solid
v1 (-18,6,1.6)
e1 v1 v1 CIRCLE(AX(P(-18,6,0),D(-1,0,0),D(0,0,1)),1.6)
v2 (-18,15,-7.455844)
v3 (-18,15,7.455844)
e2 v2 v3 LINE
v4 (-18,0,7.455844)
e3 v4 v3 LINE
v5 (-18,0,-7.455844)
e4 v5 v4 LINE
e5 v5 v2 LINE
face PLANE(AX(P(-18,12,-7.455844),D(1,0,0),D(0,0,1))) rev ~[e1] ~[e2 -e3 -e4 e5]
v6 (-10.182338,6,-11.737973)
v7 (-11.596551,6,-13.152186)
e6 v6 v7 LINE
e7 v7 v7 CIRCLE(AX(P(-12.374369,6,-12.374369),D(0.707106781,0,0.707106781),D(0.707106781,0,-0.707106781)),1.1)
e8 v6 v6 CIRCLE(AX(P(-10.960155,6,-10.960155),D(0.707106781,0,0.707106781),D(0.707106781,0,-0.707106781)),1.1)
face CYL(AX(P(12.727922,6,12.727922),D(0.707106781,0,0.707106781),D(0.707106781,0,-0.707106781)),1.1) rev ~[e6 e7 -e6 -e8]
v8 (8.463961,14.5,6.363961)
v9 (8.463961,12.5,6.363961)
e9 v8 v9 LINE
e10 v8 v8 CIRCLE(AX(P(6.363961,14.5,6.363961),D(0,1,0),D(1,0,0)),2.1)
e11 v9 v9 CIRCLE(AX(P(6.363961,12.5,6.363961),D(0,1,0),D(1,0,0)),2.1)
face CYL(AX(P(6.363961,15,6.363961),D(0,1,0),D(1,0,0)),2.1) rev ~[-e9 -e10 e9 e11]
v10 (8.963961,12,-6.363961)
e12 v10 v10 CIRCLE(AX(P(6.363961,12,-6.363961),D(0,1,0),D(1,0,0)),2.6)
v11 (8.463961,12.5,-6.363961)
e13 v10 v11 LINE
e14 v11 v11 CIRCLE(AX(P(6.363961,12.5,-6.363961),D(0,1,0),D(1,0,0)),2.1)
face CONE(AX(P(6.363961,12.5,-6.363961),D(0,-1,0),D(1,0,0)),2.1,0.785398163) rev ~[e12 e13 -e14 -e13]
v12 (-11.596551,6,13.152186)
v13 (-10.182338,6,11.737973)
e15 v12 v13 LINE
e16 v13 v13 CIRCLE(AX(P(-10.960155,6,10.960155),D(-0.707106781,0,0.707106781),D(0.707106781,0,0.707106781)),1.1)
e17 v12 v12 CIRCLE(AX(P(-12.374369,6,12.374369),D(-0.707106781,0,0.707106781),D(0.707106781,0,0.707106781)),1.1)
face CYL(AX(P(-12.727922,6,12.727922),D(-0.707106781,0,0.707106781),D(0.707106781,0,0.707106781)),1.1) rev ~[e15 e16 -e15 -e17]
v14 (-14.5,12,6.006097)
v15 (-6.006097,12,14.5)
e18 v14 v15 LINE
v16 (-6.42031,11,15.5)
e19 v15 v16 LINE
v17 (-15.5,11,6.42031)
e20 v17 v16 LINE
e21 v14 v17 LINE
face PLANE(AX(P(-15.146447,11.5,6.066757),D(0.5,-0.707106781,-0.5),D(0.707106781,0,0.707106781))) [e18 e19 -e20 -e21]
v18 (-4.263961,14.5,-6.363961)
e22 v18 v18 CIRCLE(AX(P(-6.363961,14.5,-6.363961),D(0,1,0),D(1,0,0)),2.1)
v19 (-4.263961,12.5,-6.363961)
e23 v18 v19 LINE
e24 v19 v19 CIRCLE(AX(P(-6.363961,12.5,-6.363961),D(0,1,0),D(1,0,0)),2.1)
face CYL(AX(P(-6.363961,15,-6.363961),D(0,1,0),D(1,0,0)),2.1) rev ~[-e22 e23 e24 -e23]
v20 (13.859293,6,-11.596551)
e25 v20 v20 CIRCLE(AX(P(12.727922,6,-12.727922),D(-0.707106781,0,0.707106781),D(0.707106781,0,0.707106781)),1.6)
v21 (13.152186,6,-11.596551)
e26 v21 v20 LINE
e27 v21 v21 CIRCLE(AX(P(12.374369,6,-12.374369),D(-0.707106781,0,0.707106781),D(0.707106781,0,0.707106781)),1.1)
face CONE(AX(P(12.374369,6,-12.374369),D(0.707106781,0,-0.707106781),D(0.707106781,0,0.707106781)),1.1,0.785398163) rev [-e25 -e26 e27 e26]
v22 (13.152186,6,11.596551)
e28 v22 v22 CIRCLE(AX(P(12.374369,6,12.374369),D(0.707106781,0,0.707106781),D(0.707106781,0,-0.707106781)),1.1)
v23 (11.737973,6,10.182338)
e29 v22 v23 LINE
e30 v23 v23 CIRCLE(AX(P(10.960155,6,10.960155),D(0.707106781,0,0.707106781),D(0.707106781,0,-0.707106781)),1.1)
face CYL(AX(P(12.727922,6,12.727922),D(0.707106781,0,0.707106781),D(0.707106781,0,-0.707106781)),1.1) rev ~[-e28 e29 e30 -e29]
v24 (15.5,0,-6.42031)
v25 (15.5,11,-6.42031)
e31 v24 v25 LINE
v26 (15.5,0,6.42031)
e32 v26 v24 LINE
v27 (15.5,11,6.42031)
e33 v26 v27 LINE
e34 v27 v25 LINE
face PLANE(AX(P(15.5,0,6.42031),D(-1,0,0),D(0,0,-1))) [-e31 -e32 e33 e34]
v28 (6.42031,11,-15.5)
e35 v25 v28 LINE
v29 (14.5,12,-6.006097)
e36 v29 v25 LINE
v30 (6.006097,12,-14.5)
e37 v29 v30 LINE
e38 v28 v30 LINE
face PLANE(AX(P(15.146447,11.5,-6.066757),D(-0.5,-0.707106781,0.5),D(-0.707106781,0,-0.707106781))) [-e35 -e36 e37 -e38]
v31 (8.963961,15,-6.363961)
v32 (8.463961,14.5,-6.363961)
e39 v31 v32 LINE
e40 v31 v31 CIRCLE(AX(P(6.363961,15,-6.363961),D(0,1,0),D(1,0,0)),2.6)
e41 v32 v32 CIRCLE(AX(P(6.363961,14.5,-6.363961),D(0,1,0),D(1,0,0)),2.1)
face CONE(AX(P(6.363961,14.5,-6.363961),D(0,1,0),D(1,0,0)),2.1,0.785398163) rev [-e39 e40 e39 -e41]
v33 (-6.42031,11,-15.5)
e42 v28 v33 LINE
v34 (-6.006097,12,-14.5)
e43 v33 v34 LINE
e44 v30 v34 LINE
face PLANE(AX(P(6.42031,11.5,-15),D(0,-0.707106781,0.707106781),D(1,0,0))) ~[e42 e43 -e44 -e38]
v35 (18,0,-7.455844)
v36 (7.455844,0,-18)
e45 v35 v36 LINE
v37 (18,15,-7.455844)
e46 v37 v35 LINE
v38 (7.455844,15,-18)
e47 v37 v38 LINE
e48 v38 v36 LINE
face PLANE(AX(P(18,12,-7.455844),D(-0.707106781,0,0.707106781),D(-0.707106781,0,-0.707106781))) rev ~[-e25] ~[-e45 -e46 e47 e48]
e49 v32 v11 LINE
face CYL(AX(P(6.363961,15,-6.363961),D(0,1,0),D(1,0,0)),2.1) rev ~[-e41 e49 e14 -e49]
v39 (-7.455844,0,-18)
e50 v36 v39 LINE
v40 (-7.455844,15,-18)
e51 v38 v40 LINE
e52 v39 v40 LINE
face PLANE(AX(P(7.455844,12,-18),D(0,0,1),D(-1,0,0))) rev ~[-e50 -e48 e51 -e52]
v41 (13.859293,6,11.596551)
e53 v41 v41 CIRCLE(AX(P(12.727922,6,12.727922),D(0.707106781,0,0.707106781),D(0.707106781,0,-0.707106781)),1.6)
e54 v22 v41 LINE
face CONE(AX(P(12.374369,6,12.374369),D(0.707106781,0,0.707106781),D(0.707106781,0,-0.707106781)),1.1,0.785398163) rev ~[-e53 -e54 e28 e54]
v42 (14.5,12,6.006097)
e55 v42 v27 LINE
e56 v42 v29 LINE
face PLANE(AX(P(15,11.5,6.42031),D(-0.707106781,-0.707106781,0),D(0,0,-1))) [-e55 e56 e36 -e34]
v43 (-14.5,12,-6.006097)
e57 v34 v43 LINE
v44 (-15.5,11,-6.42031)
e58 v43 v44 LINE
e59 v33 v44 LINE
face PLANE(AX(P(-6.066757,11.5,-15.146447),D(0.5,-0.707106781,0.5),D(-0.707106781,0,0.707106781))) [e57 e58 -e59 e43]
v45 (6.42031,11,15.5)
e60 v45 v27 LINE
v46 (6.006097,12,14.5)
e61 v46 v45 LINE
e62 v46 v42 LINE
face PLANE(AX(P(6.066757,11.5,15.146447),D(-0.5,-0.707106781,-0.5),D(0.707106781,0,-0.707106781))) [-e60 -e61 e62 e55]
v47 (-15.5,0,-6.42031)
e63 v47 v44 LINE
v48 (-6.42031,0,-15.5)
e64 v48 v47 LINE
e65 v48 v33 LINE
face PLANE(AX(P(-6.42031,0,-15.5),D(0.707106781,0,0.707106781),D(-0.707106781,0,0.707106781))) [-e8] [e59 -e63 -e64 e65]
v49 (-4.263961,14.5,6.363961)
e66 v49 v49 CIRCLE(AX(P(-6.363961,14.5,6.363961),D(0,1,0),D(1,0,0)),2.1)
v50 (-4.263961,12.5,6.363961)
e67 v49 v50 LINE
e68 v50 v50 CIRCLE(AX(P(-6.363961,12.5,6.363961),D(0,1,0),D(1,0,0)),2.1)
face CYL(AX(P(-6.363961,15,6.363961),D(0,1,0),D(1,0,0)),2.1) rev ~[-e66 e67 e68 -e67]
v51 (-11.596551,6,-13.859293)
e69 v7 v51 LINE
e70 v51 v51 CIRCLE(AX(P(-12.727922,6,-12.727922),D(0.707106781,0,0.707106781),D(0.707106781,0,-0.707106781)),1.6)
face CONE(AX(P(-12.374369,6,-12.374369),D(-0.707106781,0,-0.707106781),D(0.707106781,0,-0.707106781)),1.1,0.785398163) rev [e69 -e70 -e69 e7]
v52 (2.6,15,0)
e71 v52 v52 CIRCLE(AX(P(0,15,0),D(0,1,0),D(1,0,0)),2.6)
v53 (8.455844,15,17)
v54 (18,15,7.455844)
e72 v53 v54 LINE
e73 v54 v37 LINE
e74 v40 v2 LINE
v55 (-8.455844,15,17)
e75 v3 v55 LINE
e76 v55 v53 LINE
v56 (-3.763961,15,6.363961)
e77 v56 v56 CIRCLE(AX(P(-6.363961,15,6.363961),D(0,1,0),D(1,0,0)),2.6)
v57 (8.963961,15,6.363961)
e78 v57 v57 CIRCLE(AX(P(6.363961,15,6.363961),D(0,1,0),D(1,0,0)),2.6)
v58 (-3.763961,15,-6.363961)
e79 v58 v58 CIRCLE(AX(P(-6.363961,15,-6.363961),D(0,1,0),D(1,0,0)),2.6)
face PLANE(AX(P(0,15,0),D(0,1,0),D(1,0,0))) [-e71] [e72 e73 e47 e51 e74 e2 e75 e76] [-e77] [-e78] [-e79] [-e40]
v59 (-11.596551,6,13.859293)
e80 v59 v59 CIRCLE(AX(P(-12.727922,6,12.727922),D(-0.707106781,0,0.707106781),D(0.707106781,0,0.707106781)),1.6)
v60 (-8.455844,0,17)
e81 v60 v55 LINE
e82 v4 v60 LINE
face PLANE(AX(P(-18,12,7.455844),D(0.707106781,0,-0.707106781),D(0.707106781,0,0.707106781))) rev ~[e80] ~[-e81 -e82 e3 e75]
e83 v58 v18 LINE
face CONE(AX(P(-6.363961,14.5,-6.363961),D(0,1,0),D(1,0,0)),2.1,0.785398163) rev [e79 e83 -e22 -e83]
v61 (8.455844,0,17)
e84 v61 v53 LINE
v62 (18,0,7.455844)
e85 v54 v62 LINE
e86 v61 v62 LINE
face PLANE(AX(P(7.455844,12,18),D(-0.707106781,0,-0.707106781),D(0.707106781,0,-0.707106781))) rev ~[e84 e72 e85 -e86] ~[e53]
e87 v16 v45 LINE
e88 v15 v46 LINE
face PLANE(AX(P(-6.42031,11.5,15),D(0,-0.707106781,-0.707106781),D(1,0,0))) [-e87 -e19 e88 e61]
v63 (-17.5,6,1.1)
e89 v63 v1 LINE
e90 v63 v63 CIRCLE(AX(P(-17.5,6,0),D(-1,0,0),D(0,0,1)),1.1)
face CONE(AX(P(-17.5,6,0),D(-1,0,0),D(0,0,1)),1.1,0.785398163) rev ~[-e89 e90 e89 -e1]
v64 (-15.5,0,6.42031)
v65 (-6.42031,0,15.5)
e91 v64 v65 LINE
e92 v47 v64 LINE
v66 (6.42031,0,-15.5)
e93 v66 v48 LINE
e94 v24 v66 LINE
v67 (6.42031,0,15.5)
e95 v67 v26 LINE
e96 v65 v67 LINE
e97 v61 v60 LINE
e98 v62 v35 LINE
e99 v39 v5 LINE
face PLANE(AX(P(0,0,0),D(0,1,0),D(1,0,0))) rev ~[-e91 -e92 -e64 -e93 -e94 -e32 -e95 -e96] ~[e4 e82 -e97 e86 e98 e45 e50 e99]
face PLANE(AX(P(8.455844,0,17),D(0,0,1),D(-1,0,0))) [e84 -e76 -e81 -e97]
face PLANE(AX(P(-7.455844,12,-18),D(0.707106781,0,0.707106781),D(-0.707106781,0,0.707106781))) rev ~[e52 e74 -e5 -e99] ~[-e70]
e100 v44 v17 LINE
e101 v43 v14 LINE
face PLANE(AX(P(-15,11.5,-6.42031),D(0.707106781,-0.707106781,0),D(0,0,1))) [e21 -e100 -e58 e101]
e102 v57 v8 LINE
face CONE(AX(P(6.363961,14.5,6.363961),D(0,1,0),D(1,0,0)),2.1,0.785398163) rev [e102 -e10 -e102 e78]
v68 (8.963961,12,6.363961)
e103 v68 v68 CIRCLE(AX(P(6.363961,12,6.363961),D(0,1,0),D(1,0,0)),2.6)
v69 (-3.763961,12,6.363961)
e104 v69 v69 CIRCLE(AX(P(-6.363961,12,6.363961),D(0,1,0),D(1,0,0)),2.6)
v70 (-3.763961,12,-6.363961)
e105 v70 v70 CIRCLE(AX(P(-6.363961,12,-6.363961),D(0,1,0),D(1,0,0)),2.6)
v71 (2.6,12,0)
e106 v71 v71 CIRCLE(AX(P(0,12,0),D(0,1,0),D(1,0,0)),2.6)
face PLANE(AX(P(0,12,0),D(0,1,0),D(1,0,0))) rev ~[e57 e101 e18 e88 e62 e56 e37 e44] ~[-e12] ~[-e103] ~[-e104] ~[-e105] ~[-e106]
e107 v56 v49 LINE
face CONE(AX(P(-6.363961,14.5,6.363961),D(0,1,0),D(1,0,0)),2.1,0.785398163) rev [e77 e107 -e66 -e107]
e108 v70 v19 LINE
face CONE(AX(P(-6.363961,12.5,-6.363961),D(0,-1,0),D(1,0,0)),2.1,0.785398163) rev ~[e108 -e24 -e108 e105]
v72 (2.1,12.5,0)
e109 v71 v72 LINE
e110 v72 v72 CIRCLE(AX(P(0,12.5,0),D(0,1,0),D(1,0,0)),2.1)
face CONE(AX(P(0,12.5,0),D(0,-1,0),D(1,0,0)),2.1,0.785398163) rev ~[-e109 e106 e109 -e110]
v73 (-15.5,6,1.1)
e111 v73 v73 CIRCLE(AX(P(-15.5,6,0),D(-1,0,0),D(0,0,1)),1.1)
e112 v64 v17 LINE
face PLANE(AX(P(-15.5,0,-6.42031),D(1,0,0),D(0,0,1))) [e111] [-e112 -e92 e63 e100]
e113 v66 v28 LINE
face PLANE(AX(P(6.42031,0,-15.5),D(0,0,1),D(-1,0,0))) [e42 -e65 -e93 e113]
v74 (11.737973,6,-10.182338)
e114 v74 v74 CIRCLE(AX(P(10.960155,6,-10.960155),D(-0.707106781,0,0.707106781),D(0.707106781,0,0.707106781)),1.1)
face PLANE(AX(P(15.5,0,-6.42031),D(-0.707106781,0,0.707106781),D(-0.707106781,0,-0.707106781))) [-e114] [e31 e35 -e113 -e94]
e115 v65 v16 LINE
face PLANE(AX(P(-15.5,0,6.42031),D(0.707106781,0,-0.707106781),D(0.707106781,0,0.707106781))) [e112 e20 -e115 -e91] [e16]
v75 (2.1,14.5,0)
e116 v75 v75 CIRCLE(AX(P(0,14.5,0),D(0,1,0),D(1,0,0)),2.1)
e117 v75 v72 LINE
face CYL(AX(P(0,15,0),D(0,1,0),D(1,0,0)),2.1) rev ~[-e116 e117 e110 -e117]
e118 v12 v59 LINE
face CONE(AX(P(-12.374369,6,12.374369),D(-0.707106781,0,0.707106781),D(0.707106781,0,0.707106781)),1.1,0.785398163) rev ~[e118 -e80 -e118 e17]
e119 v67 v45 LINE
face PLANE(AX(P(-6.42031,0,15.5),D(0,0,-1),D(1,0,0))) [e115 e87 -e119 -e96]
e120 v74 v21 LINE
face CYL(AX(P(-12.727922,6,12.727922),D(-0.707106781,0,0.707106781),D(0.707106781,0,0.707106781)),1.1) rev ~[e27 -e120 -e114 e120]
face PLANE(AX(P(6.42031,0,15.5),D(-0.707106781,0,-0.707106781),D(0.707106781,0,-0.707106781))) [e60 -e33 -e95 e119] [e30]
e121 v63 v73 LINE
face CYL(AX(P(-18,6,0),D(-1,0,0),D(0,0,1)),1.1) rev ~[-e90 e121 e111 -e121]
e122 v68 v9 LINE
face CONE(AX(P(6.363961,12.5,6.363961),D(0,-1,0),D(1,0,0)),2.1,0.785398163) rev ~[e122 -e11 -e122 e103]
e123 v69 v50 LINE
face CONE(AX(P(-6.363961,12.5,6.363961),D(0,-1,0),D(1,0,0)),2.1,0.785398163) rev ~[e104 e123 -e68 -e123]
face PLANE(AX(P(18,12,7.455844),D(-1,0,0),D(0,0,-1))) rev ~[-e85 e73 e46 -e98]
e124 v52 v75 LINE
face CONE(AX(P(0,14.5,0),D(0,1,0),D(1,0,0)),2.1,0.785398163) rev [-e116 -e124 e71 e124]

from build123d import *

# Parameters (mm, degrees)
EXTRUDE_1_DEPTH     = 12
EXTRUDE_2_DEPTH     = 3
CHAMFER_1_SIZE      = 1
SKETCH_3_R          = 2.1
CUT_EXTRUDE_1_DEPTH = 16
CHAMFER_3_SIZE      = 0.5
SKETCH_4_R          = 1.1
CUT_EXTRUDE_2_DEPTH = 44.455844123
SKETCH_5_R          = 1.1
CUT_EXTRUDE_3_DEPTH = 44.455844123
SKETCH_6_R          = 1.1
CUT_EXTRUDE_4_DEPTH = 2.5
CHAMFER_4_SIZE      = 0.5
CHAMFER_5_SIZE      = 0.5
CUT_EXTRUDE_5_DEPTH = 16


with BuildPart() as part:
    # Эскиз1 → Бобышка-Вытянуть1 (new body)
    with BuildSketch(Plane(origin=(0, 0, 0), x_dir=(1, 0, 0), z_dir=(0, 1, 0))):
        Polygon((-7.455844123, 18), (-18, 7.455844123), (-18, -7.455844123), (-7.455844123, -18), (7.455844123, -18), (18, -7.455844123), (18, 7.455844123), (7.455844123, 18), align=None)
        Polygon((-6.420310217, 15.5), (-15.5, 6.420310217), (-15.5, -6.420310217), (-6.420310217, -15.5), (6.420310217, -15.5), (15.5, -6.420310217), (15.5, 6.420310217), (6.420310217, 15.5), align=None, mode=Mode.SUBTRACT)
    extrude(amount=EXTRUDE_1_DEPTH)

    # Эскиз2 → Бобышка-Вытянуть2 (add)
    with BuildSketch(Plane(origin=(0, 12, 0), x_dir=(1, 0, 0), z_dir=(0, 1, 0))):
        Polygon((7.455844123, 18), (-7.455844123, 18), (-18, 7.455844123), (-18, -7.455844123), (-7.455844123, -18), (7.455844123, -18), (18, -7.455844123), (18, 7.455844123), align=None)
    extrude(amount=EXTRUDE_2_DEPTH)

    # Фаска1
    chamfer_1_edges = [part.edges().sort_by_distance(p)[0] for p in [
        (0, 12, -15.5),
        (-10.960155108, 12, -10.960155108),
        (-15.5, 12, 0),
        (-10.960155108, 12, 10.960155108),
        (0, 12, 15.5),
        (10.960155108, 12, 10.960155108),
        (15.5, 12, 0),
        (10.960155108, 12, -10.960155108),
    ]]
    chamfer(chamfer_1_edges, length=CHAMFER_1_SIZE)

    # Эскиз3 → Вырез-Вытянуть1 (cut, through all)
    with BuildSketch(Plane(origin=(0, 15, 0), x_dir=(1, 0, 0), z_dir=(0, 1, 0))):
        Circle(SKETCH_3_R)
        with Locations((-6.363961031, 6.363961031)):
            Circle(SKETCH_3_R)
        with Locations((6.363961031, 6.363961031)):
            Circle(SKETCH_3_R)
        with Locations((6.363961031, -6.363961031)):
            Circle(SKETCH_3_R)
        with Locations((-6.363961031, -6.363961031)):
            Circle(SKETCH_3_R)
    extrude(amount=-CUT_EXTRUDE_1_DEPTH, mode=Mode.SUBTRACT)

    # Фаска3
    chamfer_3_edges = [part.edges().sort_by_distance(p)[0] for p in [
        (-2.1, 12, 0),
        (-8.463961031, 12, -6.363961031),
        (4.263961031, 12, -6.363961031),
        (4.263961031, 12, 6.363961031),
        (-8.463961031, 12, 6.363961031),
    ]]
    chamfer(chamfer_3_edges, length=CHAMFER_3_SIZE)

    # Эскиз4 → Вырез-Вытянуть2 (cut, through all)
    with BuildSketch(Plane(origin=(-12.727922061, 0, 12.727922061), x_dir=(0.707106781, 0, 0.707106781), z_dir=(-0.707106781, 0, 0.707106781))):
        with Locations((0, 6)):
            Circle(SKETCH_4_R)
    extrude(amount=-CUT_EXTRUDE_2_DEPTH, mode=Mode.SUBTRACT)

    # Эскиз5 → Вырез-Вытянуть3 (cut, through all)
    with BuildSketch(Plane(origin=(12.727922061, 0, 12.727922061), x_dir=(0.707106781, 0, -0.707106781), z_dir=(0.707106781, 0, 0.707106781))):
        with Locations((0, 6)):
            Circle(SKETCH_5_R)
    extrude(amount=-CUT_EXTRUDE_3_DEPTH, mode=Mode.SUBTRACT)

    # Эскиз6 → Вырез-Вытянуть4 (cut)
    with BuildSketch(Plane.ZY.offset(18)):
        with Locations((0, 6)):
            Circle(SKETCH_6_R)
    extrude(amount=-CUT_EXTRUDE_4_DEPTH, mode=Mode.SUBTRACT)

    # Фаска4
    chamfer_4_edges = [part.edges().sort_by_distance(p)[0] for p in [
        (11.950104602, 6, -13.505739521),
        (-13.505739521, 6, 11.950104602),
        (-13.505739521, 6, -11.950104602),
        (11.950104602, 6, 13.505739521),
        (-18, 6, -1.1),
    ]]
    chamfer(chamfer_4_edges, length=CHAMFER_4_SIZE)

    # Фаска5
    chamfer_5_edges = [part.edges().sort_by_distance(p)[0] for p in [
        (-2.1, 15, 0),
        (-8.463961031, 15, -6.363961031),
        (4.263961031, 15, -6.363961031),
        (4.263961031, 15, 6.363961031),
        (-8.463961031, 15, 6.363961031),
    ]]
    chamfer(chamfer_5_edges, length=CHAMFER_5_SIZE)

    # Эскиз9 → Вырез-Вытянуть5 (cut, through all)
    with BuildSketch(Plane.XZ):
        Polygon((-8.455844123, 17), (-7.455844123, 18), (7.455844123, 18), (8.455844123, 17), align=None)
    extrude(amount=-CUT_EXTRUDE_5_DEPTH, mode=Mode.SUBTRACT)


solid = part.part
